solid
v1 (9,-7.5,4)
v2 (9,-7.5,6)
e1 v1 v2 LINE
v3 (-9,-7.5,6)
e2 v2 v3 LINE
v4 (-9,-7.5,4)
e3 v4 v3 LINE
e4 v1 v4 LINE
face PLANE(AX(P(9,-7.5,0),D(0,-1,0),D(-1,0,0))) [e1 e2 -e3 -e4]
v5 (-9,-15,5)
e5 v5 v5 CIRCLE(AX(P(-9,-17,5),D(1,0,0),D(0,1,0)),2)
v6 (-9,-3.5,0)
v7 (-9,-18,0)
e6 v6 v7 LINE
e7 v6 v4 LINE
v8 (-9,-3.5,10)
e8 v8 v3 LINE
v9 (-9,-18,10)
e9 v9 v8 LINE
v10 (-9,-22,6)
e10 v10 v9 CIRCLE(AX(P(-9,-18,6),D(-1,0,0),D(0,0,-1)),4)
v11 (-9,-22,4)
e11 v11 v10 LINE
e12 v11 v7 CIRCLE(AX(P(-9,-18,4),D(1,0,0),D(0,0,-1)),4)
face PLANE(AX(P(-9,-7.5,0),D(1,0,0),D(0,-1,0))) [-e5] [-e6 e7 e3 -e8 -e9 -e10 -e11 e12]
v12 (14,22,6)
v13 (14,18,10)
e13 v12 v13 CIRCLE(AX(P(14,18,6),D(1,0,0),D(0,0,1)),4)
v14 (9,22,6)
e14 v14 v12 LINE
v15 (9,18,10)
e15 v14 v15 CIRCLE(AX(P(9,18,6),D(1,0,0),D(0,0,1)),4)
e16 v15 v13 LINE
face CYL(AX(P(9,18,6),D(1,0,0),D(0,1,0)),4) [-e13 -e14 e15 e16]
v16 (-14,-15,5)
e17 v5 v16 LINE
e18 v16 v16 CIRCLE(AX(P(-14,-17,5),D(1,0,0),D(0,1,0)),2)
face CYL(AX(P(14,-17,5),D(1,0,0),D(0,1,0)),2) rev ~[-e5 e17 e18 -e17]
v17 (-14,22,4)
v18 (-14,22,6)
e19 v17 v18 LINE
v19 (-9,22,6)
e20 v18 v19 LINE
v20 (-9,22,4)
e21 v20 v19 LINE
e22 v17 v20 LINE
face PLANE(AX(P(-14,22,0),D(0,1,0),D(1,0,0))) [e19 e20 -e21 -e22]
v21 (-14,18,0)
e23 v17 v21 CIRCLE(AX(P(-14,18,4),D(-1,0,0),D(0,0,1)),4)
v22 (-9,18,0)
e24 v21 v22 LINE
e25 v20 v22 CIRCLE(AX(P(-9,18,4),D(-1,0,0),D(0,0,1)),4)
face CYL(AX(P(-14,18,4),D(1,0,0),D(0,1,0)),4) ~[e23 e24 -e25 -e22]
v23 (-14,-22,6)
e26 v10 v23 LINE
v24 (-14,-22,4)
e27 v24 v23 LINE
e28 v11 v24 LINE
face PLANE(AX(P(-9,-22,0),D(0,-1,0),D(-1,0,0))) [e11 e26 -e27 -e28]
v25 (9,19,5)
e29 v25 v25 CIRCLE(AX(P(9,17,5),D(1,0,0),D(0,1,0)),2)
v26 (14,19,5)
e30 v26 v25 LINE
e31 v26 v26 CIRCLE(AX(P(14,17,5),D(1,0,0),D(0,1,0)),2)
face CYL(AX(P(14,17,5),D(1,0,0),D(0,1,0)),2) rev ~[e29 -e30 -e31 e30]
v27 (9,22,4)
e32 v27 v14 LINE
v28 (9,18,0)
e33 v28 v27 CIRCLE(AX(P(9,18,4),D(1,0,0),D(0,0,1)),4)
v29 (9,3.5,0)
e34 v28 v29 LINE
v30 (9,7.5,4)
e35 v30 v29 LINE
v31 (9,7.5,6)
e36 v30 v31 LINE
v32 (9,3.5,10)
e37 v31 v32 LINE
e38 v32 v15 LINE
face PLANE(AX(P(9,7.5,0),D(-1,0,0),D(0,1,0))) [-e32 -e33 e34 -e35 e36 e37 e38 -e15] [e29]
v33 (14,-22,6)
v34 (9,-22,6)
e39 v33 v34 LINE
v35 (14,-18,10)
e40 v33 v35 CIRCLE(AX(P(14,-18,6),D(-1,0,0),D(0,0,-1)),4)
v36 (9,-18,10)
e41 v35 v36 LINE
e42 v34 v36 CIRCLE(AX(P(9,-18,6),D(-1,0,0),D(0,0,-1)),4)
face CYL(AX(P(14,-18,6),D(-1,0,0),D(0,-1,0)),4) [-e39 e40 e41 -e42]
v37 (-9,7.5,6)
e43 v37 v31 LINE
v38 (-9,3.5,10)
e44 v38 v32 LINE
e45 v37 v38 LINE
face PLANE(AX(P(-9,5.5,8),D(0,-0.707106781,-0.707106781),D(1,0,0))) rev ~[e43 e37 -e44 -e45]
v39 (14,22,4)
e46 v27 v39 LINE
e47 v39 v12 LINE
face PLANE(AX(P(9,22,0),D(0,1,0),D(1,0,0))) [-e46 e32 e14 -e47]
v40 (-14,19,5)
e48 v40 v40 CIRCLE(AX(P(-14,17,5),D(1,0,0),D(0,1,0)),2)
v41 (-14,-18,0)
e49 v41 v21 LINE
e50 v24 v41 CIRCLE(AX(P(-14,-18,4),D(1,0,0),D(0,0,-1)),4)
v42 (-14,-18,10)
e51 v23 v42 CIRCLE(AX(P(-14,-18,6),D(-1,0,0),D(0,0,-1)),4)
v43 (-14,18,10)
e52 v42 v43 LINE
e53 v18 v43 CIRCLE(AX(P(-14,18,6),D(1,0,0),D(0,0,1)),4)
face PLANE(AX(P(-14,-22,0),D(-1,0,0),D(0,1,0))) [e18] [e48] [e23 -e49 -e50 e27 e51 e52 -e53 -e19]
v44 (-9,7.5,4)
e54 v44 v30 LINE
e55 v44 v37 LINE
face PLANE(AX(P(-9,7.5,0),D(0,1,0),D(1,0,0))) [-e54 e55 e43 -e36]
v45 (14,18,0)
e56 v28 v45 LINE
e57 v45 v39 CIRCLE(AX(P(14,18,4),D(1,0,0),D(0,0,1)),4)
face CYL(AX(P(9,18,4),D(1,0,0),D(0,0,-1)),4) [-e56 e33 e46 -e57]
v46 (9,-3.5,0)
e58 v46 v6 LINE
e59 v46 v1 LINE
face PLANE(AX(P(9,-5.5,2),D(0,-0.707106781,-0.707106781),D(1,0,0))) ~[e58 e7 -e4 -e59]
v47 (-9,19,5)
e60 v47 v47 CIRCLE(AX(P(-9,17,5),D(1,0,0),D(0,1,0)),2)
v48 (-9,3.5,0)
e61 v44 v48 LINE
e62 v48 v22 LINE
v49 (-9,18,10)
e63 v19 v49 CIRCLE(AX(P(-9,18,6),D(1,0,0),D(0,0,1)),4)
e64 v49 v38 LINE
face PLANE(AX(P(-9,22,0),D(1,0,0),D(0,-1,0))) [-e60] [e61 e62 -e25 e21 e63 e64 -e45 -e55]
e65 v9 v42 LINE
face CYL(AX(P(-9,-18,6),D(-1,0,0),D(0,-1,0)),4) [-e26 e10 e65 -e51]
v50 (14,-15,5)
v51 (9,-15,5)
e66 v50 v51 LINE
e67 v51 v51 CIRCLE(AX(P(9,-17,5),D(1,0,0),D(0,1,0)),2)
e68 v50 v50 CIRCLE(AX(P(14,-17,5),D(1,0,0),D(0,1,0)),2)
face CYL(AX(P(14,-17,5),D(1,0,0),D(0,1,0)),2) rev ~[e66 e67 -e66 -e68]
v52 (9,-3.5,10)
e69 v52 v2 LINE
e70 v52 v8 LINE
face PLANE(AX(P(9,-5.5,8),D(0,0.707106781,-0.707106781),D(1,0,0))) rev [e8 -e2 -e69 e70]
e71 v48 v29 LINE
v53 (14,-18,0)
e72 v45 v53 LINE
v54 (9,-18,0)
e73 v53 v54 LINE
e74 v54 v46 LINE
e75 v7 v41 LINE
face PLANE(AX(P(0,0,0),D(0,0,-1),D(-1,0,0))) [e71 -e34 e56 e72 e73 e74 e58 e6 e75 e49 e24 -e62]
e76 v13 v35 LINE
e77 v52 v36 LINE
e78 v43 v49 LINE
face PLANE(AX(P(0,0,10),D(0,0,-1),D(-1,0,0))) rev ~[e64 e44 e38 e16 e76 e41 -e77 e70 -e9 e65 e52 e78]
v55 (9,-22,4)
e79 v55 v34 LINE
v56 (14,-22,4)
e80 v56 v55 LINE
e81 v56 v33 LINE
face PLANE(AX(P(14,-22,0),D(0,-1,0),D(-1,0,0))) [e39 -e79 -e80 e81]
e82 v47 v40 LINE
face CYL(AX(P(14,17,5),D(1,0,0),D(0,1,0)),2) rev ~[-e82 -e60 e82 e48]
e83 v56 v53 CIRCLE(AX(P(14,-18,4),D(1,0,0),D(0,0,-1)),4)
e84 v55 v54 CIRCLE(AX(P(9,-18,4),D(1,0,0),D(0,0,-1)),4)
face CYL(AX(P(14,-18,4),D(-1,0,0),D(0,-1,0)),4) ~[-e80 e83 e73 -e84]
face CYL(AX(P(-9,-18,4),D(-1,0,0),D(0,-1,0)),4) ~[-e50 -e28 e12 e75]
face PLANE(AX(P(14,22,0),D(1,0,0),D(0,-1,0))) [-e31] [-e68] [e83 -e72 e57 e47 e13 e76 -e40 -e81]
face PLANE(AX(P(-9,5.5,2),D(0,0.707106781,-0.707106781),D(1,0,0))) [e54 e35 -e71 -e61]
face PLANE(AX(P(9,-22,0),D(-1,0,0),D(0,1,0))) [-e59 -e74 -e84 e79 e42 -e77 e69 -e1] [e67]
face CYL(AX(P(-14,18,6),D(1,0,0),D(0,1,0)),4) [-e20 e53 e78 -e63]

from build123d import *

# Parameters (mm, degrees)
PAD_DEPTH    = 10
SKETCH001_R  = 2
POCKET_DEPTH = 31
CHAMFER_SIZE = 4
FILLET_R     = 4


with BuildPart() as part:
    # Sketch → Pad (new body)
    with BuildSketch(Plane.XY):
        Polygon((-9, 7.5), (9, 7.5), (9, 22), (14, 22), (14, -22), (9, -22), (9, -7.5), (-9, -7.5), (-9, -22), (-14, -22), (-14, 22), (-9, 22), align=None)
    extrude(amount=PAD_DEPTH)

    # Sketch001 (on Face4 of Pad) → Pocket (cut)
    with BuildSketch(Plane.YZ.offset(14)):
        with Locations((-17, 5)):
            Circle(SKETCH001_R)
        with Locations((17, 5)):
            Circle(SKETCH001_R)
    extrude(amount=-POCKET_DEPTH, mode=Mode.SUBTRACT)

    # Chamfer
    chamfer_edges = [part.edges().sort_by_distance(p)[0] for p in [
        (0, 7.5, 10),
        (0, -7.5, 10),
        (0, 7.5, 0),
        (0, -7.5, 0),
    ]]
    chamfer(chamfer_edges, length=CHAMFER_SIZE)

    # Fillet
    fillet_edges = [part.edges().sort_by_distance(p)[0] for p in [
        (11.5, 22, 0),
        (-11.5, 22, 0),
        (11.5, 22, 10),
        (-11.5, 22, 10),
        (11.5, -22, 10),
        (-11.5, -22, 10),
        (-11.5, -22, 0),
        (11.5, -22, 0),
    ]]
    fillet(fillet_edges, radius=FILLET_R)


solid = part.part
